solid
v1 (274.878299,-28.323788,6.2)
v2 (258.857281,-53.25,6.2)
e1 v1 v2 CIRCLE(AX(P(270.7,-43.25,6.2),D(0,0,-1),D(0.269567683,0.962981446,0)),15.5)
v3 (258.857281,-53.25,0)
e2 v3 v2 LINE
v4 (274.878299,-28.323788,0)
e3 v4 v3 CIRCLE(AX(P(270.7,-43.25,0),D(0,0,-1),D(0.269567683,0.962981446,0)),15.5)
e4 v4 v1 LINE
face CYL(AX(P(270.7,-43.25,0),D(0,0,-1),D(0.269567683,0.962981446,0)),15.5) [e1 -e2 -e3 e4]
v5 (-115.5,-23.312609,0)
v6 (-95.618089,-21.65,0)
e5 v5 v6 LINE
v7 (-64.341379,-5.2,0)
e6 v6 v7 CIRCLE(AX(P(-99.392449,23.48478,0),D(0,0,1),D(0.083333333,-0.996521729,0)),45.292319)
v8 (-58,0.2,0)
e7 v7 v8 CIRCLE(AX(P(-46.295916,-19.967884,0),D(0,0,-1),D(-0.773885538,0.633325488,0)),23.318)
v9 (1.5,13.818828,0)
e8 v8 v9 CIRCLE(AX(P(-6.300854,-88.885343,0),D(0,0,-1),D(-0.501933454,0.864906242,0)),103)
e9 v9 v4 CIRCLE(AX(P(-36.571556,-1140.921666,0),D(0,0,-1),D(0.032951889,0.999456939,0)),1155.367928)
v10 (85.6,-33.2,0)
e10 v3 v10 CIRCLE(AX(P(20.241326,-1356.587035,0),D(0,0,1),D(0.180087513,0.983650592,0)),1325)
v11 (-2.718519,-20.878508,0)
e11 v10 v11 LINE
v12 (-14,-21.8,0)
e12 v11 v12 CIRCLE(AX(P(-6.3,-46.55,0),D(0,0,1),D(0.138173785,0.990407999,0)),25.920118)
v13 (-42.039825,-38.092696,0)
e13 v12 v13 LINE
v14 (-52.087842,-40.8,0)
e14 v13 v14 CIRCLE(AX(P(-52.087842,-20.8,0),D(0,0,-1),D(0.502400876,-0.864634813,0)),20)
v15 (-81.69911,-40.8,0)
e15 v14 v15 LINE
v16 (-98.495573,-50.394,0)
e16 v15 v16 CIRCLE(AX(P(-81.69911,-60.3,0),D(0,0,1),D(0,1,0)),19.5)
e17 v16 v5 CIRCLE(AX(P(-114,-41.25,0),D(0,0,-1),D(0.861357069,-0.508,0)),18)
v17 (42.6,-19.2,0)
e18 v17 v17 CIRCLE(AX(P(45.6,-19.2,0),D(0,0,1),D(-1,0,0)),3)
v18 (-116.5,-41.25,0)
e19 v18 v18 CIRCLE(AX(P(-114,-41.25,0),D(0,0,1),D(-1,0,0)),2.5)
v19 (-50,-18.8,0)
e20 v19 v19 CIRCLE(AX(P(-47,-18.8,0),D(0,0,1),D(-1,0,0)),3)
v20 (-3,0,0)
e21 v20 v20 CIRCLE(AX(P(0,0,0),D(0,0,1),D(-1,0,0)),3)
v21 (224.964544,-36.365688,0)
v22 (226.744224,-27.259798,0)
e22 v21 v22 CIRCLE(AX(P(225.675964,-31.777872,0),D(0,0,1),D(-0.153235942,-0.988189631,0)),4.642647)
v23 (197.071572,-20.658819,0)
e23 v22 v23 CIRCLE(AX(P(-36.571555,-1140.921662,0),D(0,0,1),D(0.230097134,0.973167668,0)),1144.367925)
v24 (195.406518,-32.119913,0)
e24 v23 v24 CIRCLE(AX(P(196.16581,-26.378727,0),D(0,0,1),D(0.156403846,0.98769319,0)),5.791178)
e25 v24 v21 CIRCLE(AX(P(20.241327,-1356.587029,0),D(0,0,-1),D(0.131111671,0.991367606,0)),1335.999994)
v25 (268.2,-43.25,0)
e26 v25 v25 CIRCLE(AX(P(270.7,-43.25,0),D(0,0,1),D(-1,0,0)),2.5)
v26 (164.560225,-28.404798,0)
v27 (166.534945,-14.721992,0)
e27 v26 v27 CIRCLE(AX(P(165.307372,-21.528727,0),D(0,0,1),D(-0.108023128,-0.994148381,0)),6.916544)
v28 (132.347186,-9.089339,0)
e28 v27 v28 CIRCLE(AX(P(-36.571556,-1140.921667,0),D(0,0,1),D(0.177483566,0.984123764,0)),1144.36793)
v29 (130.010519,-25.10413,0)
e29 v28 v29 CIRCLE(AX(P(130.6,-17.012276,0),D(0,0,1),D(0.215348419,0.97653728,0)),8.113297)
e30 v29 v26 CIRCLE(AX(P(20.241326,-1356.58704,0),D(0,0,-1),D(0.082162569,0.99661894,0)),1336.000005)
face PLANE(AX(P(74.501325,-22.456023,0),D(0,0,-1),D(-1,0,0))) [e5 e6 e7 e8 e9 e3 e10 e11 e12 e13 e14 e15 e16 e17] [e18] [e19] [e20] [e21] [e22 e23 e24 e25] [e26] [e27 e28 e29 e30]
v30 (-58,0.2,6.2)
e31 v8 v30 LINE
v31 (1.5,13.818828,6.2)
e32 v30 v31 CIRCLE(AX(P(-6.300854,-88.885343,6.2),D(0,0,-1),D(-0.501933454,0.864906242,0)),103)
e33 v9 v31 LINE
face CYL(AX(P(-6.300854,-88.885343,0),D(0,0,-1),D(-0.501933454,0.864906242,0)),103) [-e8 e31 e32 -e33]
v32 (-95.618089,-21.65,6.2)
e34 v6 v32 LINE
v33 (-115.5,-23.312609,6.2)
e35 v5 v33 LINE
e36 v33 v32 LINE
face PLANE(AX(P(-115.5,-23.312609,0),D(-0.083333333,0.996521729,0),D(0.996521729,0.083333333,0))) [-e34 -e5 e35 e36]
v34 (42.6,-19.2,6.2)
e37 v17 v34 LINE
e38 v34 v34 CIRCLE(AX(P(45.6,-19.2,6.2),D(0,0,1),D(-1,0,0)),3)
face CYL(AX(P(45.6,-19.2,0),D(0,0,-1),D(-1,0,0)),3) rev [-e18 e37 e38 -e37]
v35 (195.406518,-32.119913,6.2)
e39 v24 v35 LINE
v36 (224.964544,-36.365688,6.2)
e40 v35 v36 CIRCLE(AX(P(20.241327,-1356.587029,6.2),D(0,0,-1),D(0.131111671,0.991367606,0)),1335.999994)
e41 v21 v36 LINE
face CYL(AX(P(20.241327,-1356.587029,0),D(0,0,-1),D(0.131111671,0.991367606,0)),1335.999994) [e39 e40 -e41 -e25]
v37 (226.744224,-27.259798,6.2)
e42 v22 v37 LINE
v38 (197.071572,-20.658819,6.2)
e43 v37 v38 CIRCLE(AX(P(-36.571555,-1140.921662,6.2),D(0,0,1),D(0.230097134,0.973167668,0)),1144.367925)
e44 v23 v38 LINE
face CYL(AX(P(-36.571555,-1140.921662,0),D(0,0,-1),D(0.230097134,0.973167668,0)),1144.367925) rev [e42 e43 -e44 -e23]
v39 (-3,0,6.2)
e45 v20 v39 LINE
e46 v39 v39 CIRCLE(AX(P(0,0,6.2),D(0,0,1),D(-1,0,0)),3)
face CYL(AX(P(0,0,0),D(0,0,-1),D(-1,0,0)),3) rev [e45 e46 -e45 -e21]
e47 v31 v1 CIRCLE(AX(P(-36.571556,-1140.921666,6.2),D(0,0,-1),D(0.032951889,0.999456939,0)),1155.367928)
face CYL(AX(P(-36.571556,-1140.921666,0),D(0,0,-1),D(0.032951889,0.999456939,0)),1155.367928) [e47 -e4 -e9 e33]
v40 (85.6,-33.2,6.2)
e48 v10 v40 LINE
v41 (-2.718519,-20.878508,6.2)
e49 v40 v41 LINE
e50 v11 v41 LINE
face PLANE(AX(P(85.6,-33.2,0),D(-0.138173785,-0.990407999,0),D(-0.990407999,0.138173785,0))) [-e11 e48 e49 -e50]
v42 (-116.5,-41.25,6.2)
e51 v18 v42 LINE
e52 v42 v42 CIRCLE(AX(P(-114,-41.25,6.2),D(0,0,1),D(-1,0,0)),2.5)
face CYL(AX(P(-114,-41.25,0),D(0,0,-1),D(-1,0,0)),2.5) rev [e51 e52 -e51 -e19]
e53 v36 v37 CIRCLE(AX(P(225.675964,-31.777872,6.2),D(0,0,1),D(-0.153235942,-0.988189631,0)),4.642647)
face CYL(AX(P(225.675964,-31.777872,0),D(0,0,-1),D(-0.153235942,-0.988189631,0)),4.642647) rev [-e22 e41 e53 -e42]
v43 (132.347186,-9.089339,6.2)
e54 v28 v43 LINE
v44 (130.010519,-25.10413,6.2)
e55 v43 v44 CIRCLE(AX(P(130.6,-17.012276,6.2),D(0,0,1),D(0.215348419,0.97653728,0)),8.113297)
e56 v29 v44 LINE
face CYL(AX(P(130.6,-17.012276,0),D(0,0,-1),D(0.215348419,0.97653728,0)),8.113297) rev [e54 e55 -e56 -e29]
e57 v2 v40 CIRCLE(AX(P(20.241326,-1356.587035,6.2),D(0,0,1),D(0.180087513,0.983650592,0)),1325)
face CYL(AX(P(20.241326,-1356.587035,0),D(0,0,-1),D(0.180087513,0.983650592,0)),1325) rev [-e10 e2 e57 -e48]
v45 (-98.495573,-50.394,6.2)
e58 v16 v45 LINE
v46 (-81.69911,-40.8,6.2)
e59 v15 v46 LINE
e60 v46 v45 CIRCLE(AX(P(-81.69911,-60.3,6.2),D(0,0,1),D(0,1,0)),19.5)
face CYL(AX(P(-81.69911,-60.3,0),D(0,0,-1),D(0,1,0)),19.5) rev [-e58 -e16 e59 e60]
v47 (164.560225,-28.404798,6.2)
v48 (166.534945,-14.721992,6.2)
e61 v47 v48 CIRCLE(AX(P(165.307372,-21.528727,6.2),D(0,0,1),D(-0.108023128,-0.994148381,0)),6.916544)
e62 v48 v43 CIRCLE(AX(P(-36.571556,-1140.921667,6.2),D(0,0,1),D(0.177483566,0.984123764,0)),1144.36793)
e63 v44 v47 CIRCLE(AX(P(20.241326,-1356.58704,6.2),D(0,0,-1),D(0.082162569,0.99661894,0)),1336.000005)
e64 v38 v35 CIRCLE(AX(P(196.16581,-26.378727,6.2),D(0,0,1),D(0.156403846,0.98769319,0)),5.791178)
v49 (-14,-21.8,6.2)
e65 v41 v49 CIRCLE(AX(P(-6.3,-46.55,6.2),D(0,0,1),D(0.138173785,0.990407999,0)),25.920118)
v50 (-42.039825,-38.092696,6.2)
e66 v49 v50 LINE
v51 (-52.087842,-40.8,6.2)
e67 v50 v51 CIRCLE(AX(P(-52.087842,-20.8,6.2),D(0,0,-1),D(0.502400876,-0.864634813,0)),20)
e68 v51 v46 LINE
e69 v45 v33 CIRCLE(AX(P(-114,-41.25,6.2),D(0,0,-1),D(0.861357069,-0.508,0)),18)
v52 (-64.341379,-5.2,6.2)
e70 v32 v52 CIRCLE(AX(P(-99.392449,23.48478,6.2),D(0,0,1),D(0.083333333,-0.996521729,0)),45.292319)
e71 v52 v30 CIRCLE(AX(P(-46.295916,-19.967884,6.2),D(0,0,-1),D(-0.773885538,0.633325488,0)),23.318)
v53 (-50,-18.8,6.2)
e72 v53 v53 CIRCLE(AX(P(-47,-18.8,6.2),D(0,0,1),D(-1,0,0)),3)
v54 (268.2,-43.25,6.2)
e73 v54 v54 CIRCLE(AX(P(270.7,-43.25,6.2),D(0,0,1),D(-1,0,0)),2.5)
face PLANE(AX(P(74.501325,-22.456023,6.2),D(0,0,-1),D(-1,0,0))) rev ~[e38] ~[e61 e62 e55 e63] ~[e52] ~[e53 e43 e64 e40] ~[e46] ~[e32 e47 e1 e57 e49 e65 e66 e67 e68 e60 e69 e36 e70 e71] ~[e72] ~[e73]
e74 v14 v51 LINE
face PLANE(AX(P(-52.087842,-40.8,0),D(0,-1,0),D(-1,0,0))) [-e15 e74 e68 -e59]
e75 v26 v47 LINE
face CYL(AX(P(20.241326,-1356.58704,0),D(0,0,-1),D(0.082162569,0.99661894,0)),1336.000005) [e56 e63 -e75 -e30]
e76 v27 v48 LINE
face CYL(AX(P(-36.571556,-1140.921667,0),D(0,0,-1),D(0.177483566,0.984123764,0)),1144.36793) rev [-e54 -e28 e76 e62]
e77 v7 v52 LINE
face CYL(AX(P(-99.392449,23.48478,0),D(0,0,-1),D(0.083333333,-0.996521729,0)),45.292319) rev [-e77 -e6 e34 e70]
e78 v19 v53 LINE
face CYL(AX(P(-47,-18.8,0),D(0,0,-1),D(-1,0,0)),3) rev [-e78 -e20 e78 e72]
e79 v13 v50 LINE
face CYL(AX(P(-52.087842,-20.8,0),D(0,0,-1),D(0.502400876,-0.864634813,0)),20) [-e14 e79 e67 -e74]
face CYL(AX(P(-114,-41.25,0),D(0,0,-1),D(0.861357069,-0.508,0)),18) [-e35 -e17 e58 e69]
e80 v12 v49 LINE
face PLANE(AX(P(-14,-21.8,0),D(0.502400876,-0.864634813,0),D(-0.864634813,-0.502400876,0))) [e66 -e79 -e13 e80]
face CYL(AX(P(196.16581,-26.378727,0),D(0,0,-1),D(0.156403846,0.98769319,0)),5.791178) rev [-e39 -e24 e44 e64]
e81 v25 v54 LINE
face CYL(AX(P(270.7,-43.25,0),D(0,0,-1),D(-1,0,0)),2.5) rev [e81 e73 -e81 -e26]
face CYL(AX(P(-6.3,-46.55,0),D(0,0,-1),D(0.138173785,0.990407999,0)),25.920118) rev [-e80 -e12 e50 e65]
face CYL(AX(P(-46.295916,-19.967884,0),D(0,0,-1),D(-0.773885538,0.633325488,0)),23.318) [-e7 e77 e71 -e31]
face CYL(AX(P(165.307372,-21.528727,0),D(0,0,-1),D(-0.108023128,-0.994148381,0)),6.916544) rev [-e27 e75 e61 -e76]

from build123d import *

# Parameters (mm, degrees)
SKETCH1_R           = 2.5
SKETCH1_R_2         = 3
BOSS_EXTRUDE1_DEPTH = 6.2


with BuildPart() as part:
    # Sketch1 → Boss-Extrude1 (new body)
    with BuildSketch(Plane.XY):
        with BuildLine():
            Line((85.6, -33.2), (-2.718519223, -20.878508118))
            ThreePointArc((-2.718519223, -20.878508118), (-8.41017463, -20.715920511), (-14, -21.8))
            Line((-14, -21.8), (-42.039824529, -38.092696265))
            ThreePointArc((-42.039824529, -38.092696265), (-46.884666341, -40.111316958), (-52.087842039, -40.8))
            Line((-52.087842039, -40.8), (-81.699109919, -40.8))
            ThreePointArc((-81.699109919, -40.8), (-91.370795398, -43.36753119), (-98.495572761, -50.394))
            ThreePointArc((-98.495572761, -50.394), (-129.24406218, -50.82175889), (-115.5, -23.312608885))
            Line((-115.5, -23.312608885), (-95.618089435, -21.65))
            ThreePointArc((-95.618089435, -21.65), (-78.309182519, -16.601252711), (-64.341378668, -5.2))
            ThreePointArc((-64.341378668, -5.2), (-61.413749232, -2.21456762), (-58, 0.2))
            ThreePointArc((-58, 0.2), (-29.282001226, 11.518177334), (1.5, 13.818827736))
            ThreePointArc((1.5, 13.818827736), (139.454874424, 0.958251967), (274.87829908, -28.323787594))
            ThreePointArc((274.87829908, -28.323787594), (283.738974288, -51.630641354), (258.857280718, -53.25))
            ThreePointArc((258.857280718, -53.25), (172.558903288, -40.371111866), (85.6, -33.2))
        make_face()
        with Locations(Location((-114, -41.25, 0), (0, 0, 180))):
            Circle(SKETCH1_R, mode=Mode.SUBTRACT)
        with Locations(Location((270.7, -43.25, 0), (0, 0, 180))):
            Circle(SKETCH1_R, mode=Mode.SUBTRACT)
        with Locations(Location((-47, -18.8, 0), (0, 0, 180))):
            Circle(SKETCH1_R_2, mode=Mode.SUBTRACT)
        with Locations(Location((45.6, -19.2, 0), (0, 0, 180))):
            Circle(SKETCH1_R_2, mode=Mode.SUBTRACT)
        with Locations(Location((0, 0, 0), (0, 0, 180))):
            Circle(SKETCH1_R_2, mode=Mode.SUBTRACT)
        with BuildLine():
            ThreePointArc((226.744224082, -27.259797753), (211.929816899, -23.860779344), (197.071572094, -20.658819377))
            ThreePointArc((197.071572094, -20.658819377), (190.434794526, -25.546132018), (195.40651845, -32.119913468))
            ThreePointArc((195.40651845, -32.119913468), (210.197393834, -34.160215491), (224.964543777, -36.365688118))
            ThreePointArc((224.964543777, -36.365688118), (230.232403999, -32.668395241), (226.744224082, -27.259797753))
        make_face(mode=Mode.SUBTRACT)
        with BuildLine():
            ThreePointArc((132.347185699, -9.089339403), (122.571709195, -15.840894216), (130.010518711, -25.104130489))
            ThreePointArc((130.010518711, -25.104130489), (147.296090717, -26.642266435), (164.560225388, -28.404797523))
            ThreePointArc((164.560225388, -28.404797523), (172.152990765, -22.51669502), (166.534944909, -14.721991823))
            ThreePointArc((166.534944909, -14.721991823), (149.462384392, -11.776267989), (132.347185699, -9.089339403))
        make_face(mode=Mode.SUBTRACT)
    extrude(amount=BOSS_EXTRUDE1_DEPTH)


solid = part.part
